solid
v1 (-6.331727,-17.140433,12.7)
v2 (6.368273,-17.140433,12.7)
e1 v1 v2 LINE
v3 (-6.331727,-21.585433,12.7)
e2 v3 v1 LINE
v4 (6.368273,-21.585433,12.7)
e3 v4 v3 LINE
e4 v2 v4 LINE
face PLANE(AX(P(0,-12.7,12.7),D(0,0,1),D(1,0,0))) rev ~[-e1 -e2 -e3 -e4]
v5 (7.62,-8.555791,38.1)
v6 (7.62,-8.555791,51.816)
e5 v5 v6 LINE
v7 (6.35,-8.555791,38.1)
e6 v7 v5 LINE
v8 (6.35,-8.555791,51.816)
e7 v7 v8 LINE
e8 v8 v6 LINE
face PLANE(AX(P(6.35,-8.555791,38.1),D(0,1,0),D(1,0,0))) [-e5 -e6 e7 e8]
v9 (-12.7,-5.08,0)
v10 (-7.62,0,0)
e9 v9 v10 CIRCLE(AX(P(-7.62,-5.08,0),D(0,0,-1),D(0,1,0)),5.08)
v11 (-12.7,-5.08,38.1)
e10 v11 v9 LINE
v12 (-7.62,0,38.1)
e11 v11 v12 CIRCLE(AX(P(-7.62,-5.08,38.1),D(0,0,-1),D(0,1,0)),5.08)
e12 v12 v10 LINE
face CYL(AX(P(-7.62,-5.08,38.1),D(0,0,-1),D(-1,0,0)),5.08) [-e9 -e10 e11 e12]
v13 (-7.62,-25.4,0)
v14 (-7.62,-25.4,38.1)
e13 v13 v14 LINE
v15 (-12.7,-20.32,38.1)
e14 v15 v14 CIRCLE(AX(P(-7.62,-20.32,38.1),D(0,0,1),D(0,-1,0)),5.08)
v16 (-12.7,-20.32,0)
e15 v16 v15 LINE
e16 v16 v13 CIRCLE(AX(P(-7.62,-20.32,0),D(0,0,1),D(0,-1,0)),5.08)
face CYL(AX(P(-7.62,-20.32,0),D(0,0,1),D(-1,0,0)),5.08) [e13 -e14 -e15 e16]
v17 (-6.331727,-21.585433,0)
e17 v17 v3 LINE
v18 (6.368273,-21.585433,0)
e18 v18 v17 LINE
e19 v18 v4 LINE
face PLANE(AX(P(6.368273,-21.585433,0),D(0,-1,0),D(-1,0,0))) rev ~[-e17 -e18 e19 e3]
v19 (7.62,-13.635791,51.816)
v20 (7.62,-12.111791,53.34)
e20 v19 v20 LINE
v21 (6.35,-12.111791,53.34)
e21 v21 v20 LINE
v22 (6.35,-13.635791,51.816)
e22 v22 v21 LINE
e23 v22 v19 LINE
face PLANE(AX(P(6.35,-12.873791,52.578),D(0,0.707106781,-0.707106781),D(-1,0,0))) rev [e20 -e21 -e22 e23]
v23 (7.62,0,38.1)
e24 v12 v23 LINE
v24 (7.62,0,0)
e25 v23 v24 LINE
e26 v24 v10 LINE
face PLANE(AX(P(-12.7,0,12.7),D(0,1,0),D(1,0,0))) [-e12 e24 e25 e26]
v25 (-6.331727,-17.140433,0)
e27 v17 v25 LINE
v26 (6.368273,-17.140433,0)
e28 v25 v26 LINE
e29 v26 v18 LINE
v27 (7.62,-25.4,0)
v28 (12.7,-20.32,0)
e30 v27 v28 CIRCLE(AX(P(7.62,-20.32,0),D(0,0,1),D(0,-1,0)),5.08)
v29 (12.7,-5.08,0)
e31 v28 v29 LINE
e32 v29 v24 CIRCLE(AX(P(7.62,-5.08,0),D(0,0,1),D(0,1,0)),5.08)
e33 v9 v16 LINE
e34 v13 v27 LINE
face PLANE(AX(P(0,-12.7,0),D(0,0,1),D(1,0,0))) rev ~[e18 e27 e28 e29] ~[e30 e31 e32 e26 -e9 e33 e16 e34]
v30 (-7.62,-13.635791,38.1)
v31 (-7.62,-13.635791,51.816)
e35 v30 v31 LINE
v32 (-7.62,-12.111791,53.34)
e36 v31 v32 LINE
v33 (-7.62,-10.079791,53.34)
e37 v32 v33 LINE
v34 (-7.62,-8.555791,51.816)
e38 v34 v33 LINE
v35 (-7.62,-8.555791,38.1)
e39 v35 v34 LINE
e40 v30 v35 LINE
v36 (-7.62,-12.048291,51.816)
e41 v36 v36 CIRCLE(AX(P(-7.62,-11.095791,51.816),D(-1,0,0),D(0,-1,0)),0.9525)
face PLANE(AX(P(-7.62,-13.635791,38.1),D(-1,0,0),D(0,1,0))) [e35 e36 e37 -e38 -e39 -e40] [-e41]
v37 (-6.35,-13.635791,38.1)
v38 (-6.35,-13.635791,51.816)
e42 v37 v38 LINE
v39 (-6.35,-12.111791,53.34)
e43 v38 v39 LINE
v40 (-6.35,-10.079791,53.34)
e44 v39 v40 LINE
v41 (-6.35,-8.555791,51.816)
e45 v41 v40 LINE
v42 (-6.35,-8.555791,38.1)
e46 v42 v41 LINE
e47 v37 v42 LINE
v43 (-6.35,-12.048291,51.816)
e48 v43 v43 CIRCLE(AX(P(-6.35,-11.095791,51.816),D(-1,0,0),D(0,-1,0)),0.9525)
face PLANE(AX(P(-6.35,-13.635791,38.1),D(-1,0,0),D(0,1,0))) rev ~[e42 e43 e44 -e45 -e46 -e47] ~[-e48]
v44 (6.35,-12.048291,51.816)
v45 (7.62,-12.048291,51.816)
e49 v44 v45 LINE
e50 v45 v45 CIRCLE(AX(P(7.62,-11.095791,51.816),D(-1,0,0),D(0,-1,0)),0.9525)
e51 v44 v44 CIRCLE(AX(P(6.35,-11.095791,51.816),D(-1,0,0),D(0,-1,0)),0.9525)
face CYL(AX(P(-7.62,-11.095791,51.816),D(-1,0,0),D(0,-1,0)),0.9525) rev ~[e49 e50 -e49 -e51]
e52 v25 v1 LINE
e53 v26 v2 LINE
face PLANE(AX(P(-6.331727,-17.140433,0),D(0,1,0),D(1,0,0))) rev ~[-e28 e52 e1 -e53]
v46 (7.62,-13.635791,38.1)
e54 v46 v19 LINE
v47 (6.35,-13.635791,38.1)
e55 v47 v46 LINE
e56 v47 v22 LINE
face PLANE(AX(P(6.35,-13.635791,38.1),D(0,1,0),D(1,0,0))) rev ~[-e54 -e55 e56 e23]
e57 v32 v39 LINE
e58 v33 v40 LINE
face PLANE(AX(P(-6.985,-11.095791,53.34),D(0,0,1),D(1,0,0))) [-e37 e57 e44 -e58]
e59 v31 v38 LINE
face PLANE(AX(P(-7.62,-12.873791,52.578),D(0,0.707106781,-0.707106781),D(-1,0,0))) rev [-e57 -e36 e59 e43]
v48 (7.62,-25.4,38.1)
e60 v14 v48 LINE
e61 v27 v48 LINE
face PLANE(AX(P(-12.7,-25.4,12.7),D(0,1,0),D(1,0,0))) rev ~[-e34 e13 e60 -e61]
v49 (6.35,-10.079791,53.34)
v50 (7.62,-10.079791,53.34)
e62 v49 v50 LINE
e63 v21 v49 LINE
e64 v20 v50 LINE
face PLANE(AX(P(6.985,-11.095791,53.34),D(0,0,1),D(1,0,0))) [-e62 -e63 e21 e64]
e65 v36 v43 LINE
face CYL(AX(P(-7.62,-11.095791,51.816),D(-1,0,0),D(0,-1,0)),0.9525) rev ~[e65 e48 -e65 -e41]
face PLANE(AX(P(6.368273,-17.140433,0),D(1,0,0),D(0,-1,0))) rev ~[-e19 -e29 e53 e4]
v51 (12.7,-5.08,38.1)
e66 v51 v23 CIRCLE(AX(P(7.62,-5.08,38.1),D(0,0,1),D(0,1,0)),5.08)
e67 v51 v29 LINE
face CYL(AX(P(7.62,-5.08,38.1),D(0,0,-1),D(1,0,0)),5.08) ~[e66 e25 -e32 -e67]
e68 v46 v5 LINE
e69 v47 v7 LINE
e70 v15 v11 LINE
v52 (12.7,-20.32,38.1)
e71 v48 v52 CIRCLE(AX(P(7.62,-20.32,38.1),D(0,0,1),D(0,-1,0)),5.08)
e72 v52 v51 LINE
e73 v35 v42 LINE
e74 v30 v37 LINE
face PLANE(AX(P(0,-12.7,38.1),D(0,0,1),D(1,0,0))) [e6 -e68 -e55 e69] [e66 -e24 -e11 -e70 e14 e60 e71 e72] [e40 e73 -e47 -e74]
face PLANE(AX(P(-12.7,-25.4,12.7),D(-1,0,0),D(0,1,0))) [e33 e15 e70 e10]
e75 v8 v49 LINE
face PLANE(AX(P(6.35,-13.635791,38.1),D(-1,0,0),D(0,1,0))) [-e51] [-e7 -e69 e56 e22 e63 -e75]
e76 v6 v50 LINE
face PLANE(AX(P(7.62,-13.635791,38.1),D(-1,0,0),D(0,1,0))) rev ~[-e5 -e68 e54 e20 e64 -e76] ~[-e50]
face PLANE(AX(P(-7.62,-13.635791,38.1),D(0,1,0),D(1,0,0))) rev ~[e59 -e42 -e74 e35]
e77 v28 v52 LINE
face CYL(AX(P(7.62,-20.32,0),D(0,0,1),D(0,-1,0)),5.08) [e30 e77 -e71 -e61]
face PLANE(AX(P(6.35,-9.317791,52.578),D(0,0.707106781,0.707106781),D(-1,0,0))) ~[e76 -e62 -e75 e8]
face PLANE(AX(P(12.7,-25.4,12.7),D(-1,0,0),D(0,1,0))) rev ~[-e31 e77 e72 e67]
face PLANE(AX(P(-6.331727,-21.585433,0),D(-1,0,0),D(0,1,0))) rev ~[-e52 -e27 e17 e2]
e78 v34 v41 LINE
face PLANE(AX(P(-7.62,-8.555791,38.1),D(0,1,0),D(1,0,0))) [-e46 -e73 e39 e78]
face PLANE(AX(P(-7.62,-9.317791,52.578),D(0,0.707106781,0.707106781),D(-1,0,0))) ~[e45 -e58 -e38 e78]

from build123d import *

# Parameters (mm, degrees)
F1_DEPTH = 12.7
F2_W     = 25.4
F2_H     = 25.4
F3_DEPTH = 25.4
F4_R     = 5.08
F5_W     = 1.27
F5_H     = 5.08
F6_DEPTH = 15.24
F7_SIZE  = 1.524
F8_R     = 0.9525
F9_DEPTH = 127


with BuildPart() as f1:
    # F0 (on Top) → F1 (new body)
    with BuildSketch(Plane.XY):
        Polygon((-12.7, -25.4), (0, -25.4), (12.7, -25.4), (12.7, 0), (-12.7, 0), align=None)
        Polygon((6.368273, -21.585433), (0.018273, -21.585433), (-6.331727, -21.585433), (-6.331727, -17.140433), (6.368273, -17.140433), align=None, mode=Mode.SUBTRACT)
    extrude(amount=F1_DEPTH)

    # F2 (on face) → F3 (join)
    with BuildSketch(Plane.XY.offset(12.7)):
        with Locations((0, -12.7)):
            Rectangle(F2_W, F2_H)
    extrude(amount=F3_DEPTH)

    # F4
    f4_edges = [f1.edges().sort_by_distance(p)[0] for p in [
        (-12.7, -25.4, 19.05),
        (12.7, -25.4, 19.05),
        (-12.7, 0, 19.05),
        (12.7, 0, 19.05),
    ]]
    fillet(f4_edges, radius=F4_R)

    # F5 (on face) → F6 (join)
    with BuildSketch(Plane.XY.offset(38.1)):
        with Locations((-6.985, -11.095791)):
            Rectangle(F5_W, F5_H)
        with Locations((6.985, -11.095791)):
            Rectangle(F5_W, F5_H)
    extrude(amount=F6_DEPTH)

    # F7
    f7_edges = [f1.edges().sort_by_distance(p)[0] for p in [
        (-6.985, -13.635791, 53.34),
        (6.985, -13.635791, 53.34),
        (-6.985, -8.555791, 53.34),
        (6.985, -8.555791, 53.34),
    ]]
    chamfer(f7_edges, length=F7_SIZE)

    # F8 (on face) → F9 (cut)
    with BuildSketch(Plane(origin=(-7.62, 0, 0), x_dir=(0, -1, 0), z_dir=(-1, 0, 0))):
        with Locations((11.095791, 51.816)):
            Circle(F8_R)
    extrude(amount=-F9_DEPTH, mode=Mode.SUBTRACT)


solid = f1.part
